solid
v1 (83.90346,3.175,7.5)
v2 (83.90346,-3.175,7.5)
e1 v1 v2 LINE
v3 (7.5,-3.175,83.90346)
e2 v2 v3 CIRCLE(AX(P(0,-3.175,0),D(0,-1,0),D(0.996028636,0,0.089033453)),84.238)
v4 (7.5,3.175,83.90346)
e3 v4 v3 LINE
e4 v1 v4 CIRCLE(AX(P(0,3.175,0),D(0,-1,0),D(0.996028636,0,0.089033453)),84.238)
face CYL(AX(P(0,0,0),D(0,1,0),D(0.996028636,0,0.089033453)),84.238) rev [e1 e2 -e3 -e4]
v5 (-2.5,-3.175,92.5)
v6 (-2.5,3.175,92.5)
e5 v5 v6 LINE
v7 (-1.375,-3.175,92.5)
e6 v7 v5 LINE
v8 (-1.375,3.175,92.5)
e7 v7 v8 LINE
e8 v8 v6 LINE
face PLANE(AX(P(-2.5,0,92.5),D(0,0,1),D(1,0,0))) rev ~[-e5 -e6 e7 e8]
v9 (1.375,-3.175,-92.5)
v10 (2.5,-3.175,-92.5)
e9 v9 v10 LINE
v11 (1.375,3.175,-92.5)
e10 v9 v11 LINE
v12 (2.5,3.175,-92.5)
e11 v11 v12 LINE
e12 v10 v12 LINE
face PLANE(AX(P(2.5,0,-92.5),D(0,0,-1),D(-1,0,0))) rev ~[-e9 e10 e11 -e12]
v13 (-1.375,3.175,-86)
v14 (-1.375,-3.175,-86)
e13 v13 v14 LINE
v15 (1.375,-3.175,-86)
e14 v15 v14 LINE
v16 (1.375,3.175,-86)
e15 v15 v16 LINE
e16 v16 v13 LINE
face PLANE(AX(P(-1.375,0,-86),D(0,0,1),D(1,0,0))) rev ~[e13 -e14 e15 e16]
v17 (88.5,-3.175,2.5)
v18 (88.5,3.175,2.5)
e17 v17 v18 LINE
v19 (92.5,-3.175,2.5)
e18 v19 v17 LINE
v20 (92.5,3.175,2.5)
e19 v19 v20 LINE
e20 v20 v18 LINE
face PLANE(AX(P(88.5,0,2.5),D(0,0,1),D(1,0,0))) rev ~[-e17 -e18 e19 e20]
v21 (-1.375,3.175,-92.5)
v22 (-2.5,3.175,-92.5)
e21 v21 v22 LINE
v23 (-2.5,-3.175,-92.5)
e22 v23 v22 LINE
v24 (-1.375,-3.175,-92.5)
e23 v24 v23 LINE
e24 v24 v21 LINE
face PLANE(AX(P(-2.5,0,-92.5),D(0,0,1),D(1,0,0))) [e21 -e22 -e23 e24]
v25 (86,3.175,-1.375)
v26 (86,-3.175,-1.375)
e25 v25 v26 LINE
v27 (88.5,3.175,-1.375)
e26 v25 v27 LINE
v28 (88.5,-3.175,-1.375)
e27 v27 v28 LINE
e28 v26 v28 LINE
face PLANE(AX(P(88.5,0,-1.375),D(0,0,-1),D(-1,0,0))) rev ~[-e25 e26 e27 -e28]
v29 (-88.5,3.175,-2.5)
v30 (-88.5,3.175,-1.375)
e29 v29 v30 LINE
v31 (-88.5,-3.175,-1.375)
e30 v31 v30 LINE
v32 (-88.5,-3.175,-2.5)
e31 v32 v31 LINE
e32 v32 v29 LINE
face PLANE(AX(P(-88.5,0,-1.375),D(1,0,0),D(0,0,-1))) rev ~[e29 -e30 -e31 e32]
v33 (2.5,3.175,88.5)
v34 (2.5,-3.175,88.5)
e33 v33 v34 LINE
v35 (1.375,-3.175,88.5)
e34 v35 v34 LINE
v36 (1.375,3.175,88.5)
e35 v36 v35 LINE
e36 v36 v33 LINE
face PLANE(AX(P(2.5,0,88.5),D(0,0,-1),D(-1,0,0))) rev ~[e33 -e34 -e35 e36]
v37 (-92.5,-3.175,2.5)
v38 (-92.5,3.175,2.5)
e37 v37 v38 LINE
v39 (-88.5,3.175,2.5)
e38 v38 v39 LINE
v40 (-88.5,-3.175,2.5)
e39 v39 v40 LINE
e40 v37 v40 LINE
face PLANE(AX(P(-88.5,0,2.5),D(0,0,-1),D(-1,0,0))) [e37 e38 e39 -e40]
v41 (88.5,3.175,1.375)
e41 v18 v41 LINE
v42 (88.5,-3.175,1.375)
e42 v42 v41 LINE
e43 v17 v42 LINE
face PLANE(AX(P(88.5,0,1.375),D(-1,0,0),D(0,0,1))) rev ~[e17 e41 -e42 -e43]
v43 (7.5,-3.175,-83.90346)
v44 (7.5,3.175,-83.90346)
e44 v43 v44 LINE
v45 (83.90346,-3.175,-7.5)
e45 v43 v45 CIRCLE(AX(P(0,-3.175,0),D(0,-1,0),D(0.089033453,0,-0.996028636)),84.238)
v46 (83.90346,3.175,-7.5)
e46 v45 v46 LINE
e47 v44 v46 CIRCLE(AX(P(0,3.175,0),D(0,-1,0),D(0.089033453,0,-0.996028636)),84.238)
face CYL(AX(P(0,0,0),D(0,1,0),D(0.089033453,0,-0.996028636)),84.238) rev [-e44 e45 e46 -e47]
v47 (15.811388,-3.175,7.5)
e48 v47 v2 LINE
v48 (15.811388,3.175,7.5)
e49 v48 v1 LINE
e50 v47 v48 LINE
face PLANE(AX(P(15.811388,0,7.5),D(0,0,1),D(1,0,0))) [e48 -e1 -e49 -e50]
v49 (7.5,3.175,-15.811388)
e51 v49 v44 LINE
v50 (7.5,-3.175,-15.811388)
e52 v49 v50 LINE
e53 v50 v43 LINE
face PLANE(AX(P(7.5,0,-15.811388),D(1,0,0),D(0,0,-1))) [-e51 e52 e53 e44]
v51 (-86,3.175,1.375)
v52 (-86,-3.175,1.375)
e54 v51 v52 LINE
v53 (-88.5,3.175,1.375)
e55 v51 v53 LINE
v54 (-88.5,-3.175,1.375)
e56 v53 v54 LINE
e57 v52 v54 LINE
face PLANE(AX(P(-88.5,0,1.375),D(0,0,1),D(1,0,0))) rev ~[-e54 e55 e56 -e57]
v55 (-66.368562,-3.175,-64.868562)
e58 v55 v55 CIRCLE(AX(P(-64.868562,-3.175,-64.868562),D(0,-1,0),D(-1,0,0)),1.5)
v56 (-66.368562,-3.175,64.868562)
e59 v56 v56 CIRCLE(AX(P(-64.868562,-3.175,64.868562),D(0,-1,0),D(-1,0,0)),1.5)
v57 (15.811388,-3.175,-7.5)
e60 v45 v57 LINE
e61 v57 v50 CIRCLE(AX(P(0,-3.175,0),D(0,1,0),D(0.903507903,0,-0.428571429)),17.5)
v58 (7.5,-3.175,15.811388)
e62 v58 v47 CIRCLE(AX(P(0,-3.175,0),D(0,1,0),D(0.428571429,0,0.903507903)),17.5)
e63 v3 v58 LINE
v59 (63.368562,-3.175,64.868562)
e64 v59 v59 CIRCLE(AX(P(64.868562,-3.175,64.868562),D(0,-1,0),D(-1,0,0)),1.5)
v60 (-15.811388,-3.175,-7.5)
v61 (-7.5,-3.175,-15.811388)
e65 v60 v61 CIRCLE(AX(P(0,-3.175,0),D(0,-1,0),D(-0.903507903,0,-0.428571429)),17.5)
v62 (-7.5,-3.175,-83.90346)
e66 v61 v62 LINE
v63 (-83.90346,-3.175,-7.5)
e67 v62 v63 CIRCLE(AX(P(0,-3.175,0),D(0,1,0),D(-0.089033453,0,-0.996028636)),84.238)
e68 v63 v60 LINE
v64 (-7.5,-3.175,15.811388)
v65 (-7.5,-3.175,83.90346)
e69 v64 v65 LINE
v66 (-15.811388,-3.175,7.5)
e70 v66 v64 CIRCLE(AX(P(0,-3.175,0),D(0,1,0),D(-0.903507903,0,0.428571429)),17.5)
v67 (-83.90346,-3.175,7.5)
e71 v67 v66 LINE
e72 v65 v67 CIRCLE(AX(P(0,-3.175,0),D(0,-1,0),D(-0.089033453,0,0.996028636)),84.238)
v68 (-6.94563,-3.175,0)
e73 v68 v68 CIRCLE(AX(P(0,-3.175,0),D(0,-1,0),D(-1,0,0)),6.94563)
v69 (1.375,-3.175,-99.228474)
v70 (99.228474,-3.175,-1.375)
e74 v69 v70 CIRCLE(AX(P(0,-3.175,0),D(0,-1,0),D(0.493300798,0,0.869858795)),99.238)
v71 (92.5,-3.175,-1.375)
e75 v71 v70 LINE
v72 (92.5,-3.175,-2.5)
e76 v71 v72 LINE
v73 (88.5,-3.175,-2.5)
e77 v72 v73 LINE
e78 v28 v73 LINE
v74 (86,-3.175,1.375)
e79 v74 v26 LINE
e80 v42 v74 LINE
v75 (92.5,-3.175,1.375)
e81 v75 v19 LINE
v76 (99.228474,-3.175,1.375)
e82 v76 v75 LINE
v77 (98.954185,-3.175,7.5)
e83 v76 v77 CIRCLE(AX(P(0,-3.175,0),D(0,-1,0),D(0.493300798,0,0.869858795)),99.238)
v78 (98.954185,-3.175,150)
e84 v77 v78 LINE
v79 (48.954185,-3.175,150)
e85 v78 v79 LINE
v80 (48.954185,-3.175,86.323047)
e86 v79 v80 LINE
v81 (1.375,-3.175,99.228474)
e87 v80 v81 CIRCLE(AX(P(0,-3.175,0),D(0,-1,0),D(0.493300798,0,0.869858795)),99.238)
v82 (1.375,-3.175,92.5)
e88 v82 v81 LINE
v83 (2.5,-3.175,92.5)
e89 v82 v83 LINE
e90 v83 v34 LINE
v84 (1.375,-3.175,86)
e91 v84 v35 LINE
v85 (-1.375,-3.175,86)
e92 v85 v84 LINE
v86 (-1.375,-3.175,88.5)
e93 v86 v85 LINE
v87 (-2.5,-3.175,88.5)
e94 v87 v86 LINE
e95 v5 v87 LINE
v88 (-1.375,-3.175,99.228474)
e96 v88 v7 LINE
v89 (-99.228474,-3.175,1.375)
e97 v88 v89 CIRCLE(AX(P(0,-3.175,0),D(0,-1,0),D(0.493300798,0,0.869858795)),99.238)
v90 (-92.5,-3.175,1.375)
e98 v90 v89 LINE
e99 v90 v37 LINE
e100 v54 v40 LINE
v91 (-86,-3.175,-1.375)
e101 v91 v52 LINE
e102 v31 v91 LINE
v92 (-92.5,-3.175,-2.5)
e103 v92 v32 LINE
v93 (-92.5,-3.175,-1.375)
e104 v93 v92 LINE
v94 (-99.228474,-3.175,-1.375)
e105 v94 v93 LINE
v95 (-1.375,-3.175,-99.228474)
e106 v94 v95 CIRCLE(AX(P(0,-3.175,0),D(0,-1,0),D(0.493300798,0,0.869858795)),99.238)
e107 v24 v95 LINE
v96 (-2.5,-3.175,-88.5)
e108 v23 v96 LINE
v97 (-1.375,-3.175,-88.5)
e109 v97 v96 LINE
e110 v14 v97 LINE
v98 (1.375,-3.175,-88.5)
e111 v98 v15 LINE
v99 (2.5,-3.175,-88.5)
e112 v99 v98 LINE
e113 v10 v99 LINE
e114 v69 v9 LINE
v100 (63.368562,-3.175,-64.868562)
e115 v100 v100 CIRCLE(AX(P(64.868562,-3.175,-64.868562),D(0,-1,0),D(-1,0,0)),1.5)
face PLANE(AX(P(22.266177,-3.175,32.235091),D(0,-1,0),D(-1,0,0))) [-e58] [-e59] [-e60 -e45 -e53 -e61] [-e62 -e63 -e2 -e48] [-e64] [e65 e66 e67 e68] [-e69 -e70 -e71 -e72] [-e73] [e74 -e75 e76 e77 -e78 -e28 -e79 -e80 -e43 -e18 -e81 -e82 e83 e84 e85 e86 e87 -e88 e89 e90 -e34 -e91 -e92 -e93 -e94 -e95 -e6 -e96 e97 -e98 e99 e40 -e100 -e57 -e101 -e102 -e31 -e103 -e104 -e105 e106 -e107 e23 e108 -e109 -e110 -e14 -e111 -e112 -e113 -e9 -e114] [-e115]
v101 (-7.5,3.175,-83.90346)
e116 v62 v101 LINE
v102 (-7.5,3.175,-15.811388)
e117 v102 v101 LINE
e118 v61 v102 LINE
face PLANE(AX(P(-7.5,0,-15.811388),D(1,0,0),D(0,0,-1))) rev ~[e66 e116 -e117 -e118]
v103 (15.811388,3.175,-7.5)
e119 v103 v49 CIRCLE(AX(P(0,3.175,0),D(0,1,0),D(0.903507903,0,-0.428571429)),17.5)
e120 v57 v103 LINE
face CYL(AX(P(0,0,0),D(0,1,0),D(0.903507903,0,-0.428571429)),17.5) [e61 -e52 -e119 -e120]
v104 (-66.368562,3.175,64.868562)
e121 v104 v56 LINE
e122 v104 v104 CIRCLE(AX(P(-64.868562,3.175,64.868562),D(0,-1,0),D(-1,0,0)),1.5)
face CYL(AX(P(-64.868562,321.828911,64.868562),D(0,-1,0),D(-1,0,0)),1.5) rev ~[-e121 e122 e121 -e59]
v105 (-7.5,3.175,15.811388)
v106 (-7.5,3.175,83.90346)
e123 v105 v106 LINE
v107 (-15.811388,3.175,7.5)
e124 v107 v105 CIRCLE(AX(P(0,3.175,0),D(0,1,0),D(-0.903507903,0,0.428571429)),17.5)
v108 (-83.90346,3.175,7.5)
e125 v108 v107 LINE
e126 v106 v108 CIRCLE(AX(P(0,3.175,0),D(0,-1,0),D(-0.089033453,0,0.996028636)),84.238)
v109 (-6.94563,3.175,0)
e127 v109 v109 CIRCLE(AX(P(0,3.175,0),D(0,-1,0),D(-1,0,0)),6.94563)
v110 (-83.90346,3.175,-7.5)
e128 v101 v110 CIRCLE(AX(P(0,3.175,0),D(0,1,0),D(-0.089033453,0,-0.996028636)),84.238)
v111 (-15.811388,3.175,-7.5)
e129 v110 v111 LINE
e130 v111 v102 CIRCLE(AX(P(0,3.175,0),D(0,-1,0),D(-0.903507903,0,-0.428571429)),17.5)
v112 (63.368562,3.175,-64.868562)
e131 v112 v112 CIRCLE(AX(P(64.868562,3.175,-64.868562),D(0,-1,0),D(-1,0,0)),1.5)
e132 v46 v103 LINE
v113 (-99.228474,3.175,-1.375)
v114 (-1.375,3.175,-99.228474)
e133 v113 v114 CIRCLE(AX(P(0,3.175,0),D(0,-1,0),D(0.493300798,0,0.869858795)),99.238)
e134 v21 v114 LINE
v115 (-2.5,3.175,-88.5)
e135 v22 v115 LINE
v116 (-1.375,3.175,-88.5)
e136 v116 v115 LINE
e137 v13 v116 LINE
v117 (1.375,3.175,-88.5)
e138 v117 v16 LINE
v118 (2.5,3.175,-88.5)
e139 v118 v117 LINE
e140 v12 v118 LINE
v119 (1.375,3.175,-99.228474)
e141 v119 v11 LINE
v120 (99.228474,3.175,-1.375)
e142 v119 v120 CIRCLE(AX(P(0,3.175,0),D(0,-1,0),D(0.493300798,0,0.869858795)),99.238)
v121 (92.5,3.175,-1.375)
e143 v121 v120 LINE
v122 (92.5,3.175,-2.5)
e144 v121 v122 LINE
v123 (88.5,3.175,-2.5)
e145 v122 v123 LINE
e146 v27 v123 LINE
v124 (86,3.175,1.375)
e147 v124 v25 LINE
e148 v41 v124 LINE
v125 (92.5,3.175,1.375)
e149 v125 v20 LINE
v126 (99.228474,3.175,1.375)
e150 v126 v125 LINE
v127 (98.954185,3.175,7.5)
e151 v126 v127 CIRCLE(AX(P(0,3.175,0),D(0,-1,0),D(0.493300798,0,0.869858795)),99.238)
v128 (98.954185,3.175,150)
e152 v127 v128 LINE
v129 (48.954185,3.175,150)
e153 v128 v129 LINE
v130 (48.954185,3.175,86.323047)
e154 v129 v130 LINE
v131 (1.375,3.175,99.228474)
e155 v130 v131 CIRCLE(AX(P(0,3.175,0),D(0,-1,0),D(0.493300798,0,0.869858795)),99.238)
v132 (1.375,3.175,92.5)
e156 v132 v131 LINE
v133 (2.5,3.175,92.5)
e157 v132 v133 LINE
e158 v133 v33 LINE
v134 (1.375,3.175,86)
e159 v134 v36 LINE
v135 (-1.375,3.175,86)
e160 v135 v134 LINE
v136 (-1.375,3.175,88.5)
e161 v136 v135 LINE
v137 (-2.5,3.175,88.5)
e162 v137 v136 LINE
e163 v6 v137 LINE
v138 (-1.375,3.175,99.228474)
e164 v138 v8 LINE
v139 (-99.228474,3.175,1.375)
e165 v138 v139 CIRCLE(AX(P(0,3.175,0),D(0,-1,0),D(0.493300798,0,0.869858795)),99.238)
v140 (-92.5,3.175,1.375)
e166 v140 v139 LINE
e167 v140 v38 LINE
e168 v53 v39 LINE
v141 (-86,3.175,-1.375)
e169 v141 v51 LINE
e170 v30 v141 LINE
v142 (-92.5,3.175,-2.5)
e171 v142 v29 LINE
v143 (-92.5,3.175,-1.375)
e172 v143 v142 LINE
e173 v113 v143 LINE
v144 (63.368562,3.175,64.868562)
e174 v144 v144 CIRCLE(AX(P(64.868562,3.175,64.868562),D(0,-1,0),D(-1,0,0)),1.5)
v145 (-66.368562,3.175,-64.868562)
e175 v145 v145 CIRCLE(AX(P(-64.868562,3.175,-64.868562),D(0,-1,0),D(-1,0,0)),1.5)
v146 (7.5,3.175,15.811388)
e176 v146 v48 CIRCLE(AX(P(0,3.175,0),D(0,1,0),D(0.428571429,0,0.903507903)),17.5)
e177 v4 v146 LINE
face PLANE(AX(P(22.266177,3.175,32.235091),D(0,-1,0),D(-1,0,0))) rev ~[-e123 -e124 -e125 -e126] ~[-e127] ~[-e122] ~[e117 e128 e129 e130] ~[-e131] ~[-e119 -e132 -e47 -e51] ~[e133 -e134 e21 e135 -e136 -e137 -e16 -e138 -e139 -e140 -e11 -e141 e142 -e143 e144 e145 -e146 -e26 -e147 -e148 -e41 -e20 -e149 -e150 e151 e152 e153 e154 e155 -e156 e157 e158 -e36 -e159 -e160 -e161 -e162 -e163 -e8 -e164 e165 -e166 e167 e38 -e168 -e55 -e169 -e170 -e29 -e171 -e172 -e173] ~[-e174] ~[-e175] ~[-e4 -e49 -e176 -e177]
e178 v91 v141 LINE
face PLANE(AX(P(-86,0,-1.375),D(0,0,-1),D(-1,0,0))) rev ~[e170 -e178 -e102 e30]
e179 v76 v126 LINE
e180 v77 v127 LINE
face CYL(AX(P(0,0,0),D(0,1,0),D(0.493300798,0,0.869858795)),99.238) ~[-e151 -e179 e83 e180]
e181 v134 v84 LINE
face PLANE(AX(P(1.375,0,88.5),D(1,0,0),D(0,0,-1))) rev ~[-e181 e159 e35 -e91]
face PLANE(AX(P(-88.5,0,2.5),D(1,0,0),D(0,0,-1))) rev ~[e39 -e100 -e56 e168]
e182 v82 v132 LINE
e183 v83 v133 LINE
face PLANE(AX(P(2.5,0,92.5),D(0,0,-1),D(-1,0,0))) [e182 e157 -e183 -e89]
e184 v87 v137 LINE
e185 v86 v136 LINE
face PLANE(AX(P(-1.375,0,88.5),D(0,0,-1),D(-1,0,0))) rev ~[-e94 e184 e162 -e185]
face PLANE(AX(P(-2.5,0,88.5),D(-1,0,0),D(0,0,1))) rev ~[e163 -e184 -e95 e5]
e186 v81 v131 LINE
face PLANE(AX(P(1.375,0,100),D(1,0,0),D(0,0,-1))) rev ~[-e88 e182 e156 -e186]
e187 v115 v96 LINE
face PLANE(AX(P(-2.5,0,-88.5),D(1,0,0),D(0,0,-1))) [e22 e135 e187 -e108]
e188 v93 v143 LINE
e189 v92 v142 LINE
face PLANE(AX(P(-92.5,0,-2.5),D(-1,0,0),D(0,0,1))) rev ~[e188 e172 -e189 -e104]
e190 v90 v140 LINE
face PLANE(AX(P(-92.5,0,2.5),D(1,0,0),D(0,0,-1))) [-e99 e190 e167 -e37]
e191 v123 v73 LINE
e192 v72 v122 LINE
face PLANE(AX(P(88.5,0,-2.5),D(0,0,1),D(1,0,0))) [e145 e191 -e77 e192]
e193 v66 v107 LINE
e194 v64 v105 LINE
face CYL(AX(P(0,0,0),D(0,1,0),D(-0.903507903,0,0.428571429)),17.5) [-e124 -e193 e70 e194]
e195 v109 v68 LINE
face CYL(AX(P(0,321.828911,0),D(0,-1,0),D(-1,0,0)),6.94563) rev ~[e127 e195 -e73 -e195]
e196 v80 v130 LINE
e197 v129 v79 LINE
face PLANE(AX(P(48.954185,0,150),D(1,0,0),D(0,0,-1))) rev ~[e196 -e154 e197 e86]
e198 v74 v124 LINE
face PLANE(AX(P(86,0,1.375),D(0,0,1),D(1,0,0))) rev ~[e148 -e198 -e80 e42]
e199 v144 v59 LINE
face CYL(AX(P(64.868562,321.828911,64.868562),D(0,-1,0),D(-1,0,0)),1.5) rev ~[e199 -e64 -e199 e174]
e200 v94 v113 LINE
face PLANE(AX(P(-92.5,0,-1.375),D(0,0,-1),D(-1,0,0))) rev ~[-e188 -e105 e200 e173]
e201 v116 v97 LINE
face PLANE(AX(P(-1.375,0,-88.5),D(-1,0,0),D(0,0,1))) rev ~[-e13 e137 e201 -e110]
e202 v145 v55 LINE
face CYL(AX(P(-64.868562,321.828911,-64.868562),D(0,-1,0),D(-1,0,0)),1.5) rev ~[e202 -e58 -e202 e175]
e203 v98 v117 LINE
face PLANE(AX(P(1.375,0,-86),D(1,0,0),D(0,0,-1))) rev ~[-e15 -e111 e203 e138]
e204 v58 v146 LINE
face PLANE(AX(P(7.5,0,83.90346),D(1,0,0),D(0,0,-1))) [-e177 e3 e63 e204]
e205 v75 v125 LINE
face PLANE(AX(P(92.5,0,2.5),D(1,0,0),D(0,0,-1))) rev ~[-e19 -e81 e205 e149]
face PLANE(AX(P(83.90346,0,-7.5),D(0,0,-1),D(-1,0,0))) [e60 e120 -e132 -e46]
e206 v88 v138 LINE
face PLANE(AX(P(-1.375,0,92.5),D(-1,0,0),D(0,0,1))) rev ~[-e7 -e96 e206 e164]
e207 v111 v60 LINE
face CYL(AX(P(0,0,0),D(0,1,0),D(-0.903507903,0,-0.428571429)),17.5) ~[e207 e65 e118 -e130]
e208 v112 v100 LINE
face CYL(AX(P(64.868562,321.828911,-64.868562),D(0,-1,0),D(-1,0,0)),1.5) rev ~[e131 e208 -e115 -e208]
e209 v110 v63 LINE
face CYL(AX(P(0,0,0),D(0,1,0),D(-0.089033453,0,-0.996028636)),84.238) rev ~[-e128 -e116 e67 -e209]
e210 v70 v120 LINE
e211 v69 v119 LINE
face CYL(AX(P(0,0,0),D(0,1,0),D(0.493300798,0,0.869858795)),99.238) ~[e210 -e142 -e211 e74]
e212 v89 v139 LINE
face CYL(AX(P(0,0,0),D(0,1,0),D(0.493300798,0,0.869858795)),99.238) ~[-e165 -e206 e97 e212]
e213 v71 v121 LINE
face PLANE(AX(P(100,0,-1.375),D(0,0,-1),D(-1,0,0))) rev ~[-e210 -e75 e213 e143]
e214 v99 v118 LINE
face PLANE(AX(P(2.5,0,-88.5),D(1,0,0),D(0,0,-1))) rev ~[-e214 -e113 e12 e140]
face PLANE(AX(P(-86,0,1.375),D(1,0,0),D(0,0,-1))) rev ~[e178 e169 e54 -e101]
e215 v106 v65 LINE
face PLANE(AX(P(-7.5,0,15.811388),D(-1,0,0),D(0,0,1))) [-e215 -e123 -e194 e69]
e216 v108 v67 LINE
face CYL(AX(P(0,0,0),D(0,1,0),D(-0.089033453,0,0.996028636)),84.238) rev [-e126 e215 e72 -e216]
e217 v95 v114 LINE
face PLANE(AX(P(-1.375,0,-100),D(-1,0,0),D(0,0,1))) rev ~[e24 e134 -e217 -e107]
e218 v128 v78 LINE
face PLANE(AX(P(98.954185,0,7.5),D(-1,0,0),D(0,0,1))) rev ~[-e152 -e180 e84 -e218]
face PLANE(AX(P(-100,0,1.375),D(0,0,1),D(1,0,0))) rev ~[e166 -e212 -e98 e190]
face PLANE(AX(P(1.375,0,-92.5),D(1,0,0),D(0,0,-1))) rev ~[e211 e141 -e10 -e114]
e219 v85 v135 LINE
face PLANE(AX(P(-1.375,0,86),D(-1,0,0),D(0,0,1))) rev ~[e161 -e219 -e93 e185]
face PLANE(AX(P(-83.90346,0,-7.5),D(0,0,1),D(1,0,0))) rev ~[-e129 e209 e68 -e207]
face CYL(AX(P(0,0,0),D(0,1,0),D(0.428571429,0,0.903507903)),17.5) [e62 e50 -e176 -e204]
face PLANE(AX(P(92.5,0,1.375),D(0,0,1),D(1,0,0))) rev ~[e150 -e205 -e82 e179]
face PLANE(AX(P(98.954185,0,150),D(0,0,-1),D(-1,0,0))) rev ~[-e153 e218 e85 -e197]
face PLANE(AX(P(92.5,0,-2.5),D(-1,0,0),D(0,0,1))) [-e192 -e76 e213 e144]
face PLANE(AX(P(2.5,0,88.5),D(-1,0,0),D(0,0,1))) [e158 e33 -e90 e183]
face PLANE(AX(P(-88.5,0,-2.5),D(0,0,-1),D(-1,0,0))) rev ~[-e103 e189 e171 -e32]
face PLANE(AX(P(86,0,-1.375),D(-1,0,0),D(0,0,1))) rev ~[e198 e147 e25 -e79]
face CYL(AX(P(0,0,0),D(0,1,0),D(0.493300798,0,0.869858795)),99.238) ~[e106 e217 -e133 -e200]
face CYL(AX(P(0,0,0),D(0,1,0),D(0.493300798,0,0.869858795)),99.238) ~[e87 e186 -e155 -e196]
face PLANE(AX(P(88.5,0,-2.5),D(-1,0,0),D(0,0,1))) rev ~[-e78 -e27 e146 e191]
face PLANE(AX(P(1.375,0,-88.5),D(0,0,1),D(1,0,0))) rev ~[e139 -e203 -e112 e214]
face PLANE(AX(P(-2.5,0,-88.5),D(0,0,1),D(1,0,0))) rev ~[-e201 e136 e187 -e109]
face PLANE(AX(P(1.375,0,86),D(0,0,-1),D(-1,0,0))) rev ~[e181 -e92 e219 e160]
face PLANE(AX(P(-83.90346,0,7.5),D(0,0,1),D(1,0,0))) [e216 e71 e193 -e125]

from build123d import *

# Parameters (mm, degrees)
BOSS_EXTRUDE1_DEPTH      = 3.175
SKETCH2_W                = 2.75
SKETCH2_H                = 2.5
SKETCH2_H_2              = 4
SKETCH2_W_2              = 1.125
SKETCH2_H_3              = 7.5
CUT_EXTRUDE1_DEPTH       = 180.884021717
CIRPATTERN1_COUNT        = 4
F_3_0_3_DIAMETER_HOLE1_D = 3
F_1_2_CLEARANCE_HOLE1_D  = 13.89126


with BuildPart() as part:
    # Sketch1 → Boss-Extrude1 (new, symmetric)
    with BuildSketch(Plane(origin=(0, 0, 0), x_dir=(1, 0, 0), z_dir=(0, 1, 0))):
        with BuildLine():
            Line((98.95418457, -7.5), (98.95418457, -150))
            Line((98.95418457, -150), (48.95418457, -150))
            Line((48.95418457, -150), (48.95418457, -86.323047079))
            ThreePointArc((48.95418457, -86.323047079), (-83.800295961, 53.157229431), (98.95418457, -7.5))
        make_face()
        with BuildLine():
            Line((-83.903460262, -7.5), (-15.811388301, -7.5))
            ThreePointArc((-15.811388301, -7.5), (-12.374368671, -12.374368671), (-7.5, -15.811388301))
            Line((-7.5, -15.811388301), (-7.5, -83.903460262))
            ThreePointArc((-7.5, -83.903460262), (-59.565261034, -59.565261034), (-83.903460262, -7.5))
        make_face(mode=Mode.SUBTRACT)
        with BuildLine():
            Line((7.5, -83.903460262), (7.5, -15.811388301))
            ThreePointArc((7.5, -15.811388301), (12.374368671, -12.374368671), (15.811388301, -7.5))
            Line((15.811388301, -7.5), (83.903460262, -7.5))
            ThreePointArc((83.903460262, -7.5), (59.565261034, -59.565261034), (7.5, -83.903460262))
        make_face(mode=Mode.SUBTRACT)
        with BuildLine():
            Line((-83.903460262, 7.5), (-15.811388301, 7.5))
            ThreePointArc((-15.811388301, 7.5), (-12.374368671, 12.374368671), (-7.5, 15.811388301))
            Line((-7.5, 15.811388301), (-7.5, 83.903460262))
            ThreePointArc((-7.5, 83.903460262), (-59.565261034, 59.565261034), (-83.903460262, 7.5))
        make_face(mode=Mode.SUBTRACT)
        with BuildLine():
            Line((7.5, 15.811388301), (7.5, 83.903460262))
            ThreePointArc((7.5, 83.903460262), (59.565261034, 59.565261034), (83.903460262, 7.5))
            Line((83.903460262, 7.5), (15.811388301, 7.5))
            ThreePointArc((15.811388301, 7.5), (12.374368671, 12.374368671), (7.5, 15.811388301))
        make_face(mode=Mode.SUBTRACT)
    extrude(amount=BOSS_EXTRUDE1_DEPTH, both=True)

    # Sketch2 → Cut-Extrude1 (cut, symmetric)
    with BuildSketch(Plane(origin=(0, 0, 0), x_dir=(1, 0, 0), z_dir=(0, 1, 0))):
        with Locations((0, 87.25)):
            Rectangle(SKETCH2_W, SKETCH2_H)
        with Locations((0, 90.5)):
            Rectangle(SKETCH2_W, SKETCH2_H_2)
        with Locations((1.9375, 90.5)):
            Rectangle(SKETCH2_W_2, SKETCH2_H_2)
        with Locations((0, 96.25)):
            Rectangle(SKETCH2_W, SKETCH2_H_3)
        with Locations((-1.9375, 90.5)):
            Rectangle(SKETCH2_W_2, SKETCH2_H_2)
    cut_extrude1 = extrude(amount=CUT_EXTRUDE1_DEPTH, both=True, mode=Mode.SUBTRACT)

    # CirPattern1: Cut-Extrude1 ×4 about axis
    cirpattern1_axis = Axis((0, 0, 0), (0, 1, 0))
    for i in range(1, CIRPATTERN1_COUNT):
        add(cut_extrude1.rotate(cirpattern1_axis, i * 360 / CIRPATTERN1_COUNT), mode=Mode.SUBTRACT)

    # Ø3.0 (3) Diameter Hole1 (through all)
    with Locations(Plane(origin=(0, 3.175, 0), x_dir=(1, 0, 0), z_dir=(0, 1, 0))):
        with Locations((-64.868561892, -64.868561892), (-64.868561892, 64.868561892), (64.868561892, 64.868561892), (64.868561892, -64.868561892)):
            Hole(F_3_0_3_DIAMETER_HOLE1_D / 2)

    # 1/2 Clearance Hole1 (through all)
    with Locations(Plane(origin=(0, 3.175, 0), x_dir=(1, 0, 0), z_dir=(0, 1, 0))):
        with Locations((0, 0)):
            Hole(F_1_2_CLEARANCE_HOLE1_D / 2)


solid = part.part
